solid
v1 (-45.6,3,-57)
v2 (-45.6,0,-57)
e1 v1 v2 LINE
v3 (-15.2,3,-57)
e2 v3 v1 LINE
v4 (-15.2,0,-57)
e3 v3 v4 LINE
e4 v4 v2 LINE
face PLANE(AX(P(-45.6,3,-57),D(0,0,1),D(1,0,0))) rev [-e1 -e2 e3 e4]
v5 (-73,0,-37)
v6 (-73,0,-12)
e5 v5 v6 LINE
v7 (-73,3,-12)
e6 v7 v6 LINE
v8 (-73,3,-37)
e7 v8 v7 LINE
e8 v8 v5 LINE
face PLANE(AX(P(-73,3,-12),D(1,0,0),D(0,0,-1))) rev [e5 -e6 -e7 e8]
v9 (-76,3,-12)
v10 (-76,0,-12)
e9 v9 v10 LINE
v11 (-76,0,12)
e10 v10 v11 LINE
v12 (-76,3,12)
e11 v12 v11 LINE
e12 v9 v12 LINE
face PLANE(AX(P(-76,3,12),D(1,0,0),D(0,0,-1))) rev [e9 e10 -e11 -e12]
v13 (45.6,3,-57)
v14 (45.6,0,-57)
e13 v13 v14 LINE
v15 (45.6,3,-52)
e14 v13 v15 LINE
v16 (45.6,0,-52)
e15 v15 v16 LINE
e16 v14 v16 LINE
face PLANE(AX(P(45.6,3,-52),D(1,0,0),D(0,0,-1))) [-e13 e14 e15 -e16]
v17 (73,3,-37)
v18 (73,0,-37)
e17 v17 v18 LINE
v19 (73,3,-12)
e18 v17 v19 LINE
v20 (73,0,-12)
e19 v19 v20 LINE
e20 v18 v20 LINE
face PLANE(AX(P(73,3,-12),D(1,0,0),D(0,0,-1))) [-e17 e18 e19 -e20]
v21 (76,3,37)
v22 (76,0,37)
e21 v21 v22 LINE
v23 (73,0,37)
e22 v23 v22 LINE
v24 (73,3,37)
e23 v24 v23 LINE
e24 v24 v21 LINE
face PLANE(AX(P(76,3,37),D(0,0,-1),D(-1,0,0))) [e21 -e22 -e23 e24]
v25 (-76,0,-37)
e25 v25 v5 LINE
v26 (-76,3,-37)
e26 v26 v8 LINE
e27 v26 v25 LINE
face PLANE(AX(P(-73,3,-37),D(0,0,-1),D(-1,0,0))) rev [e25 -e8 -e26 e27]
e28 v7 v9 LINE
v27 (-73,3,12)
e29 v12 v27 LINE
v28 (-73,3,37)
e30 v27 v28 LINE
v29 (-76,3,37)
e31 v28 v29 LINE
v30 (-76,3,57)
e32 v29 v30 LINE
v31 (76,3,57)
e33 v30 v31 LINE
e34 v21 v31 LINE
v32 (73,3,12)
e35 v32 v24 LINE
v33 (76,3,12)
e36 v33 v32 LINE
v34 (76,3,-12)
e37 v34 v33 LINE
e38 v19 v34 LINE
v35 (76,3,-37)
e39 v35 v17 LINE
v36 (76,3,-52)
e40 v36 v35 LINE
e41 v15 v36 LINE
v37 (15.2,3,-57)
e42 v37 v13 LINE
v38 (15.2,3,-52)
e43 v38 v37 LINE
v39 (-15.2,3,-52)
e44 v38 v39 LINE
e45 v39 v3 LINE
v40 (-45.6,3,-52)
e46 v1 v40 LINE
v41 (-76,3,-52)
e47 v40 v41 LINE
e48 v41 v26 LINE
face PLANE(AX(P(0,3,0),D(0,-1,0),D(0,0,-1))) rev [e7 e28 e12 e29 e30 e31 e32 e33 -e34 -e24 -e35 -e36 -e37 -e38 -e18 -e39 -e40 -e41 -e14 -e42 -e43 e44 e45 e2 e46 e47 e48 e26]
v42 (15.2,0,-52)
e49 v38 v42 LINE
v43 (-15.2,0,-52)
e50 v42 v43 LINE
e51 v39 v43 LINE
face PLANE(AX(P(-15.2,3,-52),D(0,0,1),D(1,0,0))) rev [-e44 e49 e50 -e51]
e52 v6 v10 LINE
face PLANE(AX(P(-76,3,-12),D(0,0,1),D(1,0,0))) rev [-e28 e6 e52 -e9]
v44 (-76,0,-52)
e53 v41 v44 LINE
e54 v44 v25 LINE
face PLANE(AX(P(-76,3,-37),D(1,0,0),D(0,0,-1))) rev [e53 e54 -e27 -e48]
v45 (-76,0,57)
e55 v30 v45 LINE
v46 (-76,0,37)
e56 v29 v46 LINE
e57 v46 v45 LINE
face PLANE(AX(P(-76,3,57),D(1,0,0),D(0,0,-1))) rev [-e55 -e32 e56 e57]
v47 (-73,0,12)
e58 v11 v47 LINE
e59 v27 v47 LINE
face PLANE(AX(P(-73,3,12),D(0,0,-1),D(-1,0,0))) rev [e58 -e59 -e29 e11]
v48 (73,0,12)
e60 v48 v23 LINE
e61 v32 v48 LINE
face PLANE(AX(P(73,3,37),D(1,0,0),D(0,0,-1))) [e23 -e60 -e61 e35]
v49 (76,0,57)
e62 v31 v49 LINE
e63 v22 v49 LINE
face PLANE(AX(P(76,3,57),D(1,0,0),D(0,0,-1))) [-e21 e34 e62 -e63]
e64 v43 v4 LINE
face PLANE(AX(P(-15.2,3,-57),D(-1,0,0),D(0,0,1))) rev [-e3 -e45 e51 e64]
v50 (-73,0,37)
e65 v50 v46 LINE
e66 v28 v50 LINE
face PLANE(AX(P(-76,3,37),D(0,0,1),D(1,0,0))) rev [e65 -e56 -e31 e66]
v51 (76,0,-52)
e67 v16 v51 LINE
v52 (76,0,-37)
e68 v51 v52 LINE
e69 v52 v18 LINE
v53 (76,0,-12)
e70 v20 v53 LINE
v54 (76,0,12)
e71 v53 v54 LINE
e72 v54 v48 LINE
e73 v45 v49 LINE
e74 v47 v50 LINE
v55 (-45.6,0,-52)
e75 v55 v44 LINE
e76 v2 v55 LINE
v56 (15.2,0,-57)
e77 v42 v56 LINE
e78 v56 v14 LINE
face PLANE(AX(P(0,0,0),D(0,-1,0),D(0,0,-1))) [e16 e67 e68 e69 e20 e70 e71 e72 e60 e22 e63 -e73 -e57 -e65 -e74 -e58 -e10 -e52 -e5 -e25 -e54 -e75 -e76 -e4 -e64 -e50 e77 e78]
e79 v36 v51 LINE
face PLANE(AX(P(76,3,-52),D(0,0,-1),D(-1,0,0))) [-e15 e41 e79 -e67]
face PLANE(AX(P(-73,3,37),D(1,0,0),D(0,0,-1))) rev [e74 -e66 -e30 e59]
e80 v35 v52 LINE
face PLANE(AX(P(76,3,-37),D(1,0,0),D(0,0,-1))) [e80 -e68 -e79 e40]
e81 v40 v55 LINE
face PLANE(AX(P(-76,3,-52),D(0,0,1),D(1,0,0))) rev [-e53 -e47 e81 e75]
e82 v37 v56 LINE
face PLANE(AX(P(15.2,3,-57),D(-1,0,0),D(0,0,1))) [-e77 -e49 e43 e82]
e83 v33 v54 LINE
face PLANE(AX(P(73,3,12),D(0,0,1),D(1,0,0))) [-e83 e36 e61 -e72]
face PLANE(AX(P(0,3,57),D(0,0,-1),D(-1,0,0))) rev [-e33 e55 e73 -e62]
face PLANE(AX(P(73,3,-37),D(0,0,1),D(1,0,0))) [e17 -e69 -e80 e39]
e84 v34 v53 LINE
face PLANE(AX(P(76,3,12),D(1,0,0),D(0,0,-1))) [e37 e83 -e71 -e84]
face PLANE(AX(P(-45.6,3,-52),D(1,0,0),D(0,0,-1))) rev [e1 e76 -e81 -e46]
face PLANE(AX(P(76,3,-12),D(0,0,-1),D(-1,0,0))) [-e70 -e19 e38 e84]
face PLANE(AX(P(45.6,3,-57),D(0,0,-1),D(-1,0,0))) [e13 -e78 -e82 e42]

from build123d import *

# Parameters (mm, degrees)
BOSS_EXTRUDE1_DEPTH = 3


with BuildPart() as part:
    # Sketch1 → Boss-Extrude1 (new body)
    with BuildSketch(Plane(origin=(0, 0, 0), x_dir=(1, 0, 0), z_dir=(0, 1, 0))):
        Polygon((0, 52), (0, -57), (-76, -57), (-76, -37), (-73, -37), (-73, -12), (-76, -12), (-76, 12), (-73, 12), (-73, 37), (-76, 37), (-76, 52), (-45.6, 52), (-45.6, 57), (-15.2, 57), (-15.2, 52), align=None)
    boss_extrude1 = extrude(amount=BOSS_EXTRUDE1_DEPTH)

    # Mirror1: Boss-Extrude1 across plane
    add(boss_extrude1.mirror(Plane(origin=(0, 3, -52), x_dir=(0, 0, 1), z_dir=(-1, 0, 0))))


solid = part.part
